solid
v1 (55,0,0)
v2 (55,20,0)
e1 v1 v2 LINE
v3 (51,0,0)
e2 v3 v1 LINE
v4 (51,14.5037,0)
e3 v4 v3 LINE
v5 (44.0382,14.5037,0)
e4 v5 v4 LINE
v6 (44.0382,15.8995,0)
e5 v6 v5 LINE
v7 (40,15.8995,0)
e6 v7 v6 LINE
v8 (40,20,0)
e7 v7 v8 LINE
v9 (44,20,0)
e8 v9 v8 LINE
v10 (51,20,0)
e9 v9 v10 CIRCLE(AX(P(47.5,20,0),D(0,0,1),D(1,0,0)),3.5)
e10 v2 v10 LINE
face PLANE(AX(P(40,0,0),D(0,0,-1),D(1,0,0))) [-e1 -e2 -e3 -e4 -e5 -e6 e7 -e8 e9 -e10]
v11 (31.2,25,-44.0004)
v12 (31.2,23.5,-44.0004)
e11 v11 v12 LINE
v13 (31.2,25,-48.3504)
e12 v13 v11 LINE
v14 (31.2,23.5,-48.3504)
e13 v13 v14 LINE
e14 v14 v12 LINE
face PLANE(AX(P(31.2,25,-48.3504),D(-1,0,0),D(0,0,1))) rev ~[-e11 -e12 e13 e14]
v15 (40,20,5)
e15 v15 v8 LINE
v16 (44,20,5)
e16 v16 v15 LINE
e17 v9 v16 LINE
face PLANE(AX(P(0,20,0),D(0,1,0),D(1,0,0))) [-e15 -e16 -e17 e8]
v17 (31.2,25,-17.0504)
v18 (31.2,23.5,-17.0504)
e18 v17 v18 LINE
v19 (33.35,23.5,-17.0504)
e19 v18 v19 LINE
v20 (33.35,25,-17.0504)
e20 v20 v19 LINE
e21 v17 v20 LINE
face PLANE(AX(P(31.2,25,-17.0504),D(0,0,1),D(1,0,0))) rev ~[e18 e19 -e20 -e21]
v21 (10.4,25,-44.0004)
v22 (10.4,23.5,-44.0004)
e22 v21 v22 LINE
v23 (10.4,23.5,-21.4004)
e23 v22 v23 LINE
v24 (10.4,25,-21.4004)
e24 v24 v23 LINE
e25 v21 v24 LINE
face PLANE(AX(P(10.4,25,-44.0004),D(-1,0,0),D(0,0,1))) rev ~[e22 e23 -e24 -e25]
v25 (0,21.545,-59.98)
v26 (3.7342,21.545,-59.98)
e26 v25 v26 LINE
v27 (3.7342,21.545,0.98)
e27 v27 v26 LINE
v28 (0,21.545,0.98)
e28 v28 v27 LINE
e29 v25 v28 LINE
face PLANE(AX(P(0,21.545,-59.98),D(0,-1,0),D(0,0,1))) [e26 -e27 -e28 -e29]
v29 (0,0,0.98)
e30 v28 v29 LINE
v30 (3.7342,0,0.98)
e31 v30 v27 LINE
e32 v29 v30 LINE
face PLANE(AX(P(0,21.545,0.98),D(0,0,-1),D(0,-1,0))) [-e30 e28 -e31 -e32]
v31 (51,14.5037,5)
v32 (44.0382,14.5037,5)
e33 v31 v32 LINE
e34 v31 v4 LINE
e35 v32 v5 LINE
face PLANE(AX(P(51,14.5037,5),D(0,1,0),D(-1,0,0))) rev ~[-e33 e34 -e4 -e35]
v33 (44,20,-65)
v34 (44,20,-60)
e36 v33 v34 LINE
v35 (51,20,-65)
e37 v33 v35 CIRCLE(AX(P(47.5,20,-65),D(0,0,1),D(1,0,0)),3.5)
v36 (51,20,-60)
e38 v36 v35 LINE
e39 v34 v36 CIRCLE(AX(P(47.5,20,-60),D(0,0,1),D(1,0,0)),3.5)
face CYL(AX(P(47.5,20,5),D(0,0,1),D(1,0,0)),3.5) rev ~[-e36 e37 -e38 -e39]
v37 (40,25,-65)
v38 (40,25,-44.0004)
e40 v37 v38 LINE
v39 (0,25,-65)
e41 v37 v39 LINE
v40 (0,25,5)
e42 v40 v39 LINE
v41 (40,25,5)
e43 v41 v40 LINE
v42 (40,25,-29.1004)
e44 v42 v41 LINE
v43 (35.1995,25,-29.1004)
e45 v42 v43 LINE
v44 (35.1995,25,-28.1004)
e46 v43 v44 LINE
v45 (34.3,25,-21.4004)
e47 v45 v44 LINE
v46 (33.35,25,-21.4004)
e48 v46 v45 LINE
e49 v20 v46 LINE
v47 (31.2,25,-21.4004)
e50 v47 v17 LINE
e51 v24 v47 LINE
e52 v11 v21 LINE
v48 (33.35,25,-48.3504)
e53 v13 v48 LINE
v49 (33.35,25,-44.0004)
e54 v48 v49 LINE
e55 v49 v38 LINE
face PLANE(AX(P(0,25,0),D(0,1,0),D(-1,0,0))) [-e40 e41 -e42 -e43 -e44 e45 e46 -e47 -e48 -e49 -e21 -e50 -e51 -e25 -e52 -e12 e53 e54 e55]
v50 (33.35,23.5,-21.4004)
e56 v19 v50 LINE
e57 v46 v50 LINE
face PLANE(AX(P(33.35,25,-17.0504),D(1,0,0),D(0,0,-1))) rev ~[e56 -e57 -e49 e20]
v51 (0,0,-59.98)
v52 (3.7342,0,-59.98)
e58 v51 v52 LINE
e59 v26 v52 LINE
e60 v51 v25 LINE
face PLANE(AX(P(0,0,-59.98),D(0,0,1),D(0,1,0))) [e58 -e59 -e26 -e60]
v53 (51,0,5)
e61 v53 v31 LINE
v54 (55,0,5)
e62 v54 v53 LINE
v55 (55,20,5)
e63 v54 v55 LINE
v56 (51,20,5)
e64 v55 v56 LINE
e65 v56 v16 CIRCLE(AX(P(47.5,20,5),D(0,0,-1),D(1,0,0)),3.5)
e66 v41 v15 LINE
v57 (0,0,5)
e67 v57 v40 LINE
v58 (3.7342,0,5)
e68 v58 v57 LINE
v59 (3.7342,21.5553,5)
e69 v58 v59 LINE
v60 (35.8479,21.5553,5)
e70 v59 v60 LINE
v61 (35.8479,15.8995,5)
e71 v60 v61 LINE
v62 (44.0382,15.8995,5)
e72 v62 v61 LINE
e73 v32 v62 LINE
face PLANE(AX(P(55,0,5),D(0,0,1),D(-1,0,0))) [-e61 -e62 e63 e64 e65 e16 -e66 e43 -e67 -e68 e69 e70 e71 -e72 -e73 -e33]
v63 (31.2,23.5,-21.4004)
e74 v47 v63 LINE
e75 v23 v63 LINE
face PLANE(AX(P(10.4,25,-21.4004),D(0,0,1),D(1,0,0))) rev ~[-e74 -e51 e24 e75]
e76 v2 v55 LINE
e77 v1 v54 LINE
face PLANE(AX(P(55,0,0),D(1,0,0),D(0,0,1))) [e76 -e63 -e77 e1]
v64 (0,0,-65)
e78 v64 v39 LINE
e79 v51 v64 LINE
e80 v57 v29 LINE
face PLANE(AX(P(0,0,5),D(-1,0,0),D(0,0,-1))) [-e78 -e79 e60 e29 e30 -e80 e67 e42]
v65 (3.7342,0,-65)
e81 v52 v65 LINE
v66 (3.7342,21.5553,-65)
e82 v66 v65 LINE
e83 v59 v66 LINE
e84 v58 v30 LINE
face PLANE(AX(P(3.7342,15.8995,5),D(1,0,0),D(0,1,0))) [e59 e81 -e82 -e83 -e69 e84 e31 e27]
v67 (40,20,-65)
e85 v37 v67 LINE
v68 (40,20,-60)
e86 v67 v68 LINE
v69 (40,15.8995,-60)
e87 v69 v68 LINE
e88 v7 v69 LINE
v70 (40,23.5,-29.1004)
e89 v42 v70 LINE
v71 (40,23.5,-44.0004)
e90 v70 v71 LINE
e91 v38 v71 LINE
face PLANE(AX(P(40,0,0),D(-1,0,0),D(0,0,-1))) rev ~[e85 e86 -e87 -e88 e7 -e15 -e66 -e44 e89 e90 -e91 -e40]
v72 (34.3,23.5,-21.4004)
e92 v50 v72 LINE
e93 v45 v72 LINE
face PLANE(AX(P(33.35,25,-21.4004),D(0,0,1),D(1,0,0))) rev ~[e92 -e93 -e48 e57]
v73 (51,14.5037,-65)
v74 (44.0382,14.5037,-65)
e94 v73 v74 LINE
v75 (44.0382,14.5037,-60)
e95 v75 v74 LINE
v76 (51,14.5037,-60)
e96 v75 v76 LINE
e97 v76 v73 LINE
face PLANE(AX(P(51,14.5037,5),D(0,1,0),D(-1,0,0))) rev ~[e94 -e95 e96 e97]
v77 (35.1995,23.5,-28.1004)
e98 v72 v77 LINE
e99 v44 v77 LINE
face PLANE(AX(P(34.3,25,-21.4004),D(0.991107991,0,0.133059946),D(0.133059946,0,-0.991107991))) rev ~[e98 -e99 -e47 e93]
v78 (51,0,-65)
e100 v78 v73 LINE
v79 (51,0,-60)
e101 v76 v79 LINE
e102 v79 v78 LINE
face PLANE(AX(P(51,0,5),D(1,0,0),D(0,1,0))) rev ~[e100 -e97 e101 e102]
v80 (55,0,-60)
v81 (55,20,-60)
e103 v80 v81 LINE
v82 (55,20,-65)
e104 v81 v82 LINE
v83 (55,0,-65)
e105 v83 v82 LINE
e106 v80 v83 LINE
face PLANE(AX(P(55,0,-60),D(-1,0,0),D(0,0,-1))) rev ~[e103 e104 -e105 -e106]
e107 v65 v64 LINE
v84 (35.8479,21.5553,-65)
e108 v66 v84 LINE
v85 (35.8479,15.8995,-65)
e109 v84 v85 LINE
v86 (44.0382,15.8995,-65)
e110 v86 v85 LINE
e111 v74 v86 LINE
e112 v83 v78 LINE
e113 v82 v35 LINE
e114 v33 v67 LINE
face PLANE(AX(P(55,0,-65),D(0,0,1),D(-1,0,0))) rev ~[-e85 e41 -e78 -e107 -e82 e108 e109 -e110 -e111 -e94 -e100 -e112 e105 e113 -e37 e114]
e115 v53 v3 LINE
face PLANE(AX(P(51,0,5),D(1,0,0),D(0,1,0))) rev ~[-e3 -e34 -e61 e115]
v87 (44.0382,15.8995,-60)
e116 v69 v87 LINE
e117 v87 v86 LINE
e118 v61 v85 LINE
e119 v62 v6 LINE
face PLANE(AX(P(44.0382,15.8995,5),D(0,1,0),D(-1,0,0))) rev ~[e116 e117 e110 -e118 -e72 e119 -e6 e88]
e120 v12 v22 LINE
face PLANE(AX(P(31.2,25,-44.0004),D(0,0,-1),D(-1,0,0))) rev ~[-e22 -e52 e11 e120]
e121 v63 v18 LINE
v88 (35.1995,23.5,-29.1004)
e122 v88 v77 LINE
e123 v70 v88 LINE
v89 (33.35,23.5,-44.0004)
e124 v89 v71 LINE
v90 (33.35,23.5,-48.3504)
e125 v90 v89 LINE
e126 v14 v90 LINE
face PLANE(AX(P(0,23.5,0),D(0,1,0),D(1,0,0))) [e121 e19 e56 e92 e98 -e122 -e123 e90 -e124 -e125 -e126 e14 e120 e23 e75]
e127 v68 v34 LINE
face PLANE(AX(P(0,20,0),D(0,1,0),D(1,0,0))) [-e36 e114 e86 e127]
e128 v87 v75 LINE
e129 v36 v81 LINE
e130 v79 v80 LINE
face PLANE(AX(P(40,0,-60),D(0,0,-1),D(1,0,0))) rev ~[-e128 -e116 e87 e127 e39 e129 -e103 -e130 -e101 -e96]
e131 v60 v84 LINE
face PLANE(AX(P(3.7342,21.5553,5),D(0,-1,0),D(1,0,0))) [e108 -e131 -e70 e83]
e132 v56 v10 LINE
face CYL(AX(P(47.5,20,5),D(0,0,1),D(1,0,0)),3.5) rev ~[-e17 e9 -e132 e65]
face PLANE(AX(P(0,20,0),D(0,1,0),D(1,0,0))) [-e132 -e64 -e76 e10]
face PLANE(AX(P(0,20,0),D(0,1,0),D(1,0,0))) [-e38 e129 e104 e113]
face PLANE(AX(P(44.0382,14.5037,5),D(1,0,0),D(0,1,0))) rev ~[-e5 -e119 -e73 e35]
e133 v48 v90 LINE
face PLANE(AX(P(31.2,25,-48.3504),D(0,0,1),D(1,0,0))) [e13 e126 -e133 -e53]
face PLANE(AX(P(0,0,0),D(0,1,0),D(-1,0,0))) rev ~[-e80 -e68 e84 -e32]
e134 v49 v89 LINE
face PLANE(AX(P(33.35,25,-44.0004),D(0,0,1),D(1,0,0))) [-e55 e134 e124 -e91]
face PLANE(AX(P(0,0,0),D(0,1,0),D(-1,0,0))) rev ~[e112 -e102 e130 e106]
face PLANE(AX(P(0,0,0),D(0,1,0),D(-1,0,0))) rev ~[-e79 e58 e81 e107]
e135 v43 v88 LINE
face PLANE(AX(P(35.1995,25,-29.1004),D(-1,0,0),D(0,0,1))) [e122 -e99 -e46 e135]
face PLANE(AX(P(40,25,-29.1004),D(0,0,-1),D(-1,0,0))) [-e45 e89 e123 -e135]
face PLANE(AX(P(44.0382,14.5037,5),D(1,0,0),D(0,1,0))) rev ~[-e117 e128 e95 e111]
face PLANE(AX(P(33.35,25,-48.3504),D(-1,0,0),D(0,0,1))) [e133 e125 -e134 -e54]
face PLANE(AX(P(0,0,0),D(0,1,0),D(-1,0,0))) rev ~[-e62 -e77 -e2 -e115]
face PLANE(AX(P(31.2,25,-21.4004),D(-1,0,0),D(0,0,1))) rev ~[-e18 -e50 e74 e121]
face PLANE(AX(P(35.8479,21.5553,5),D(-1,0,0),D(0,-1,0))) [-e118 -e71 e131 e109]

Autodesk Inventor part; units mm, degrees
ref_plane "YZ Plane" through (0, 0, 0) normal (1, 0, 0) x (0, 1, 0)
ref_plane "XZ Plane" through (0, 0, 0) normal (0, 1, 0) x (-1, 0, 0)
ref_plane "XY Plane" through (0, 0, 0) normal (0, 0, 1) x (1, 0, 0)
sketch "Sketch1" plane through (0, 0, 0) normal (0, 1, 0) x (-1, 0, 0)
  line L0 (-40, 0) -> (-40, -60)
  line L1 (0, -60) -> (0, 0)
  line L2 (-40, -60) -> (-55, -60)
  line L3 (-55, -60) -> (-55, -65)
  line L4 (-55, -65) -> (0, -65)
  line L5 (0, -65) -> (0, -60)
  line L6 (-40, 0) -> (-55, 0)
  line L7 (-55, 0) -> (-55, 5)
  line L8 (-55, 5) -> (0, 5)
  line L9 (0, 5) -> (0, 0)
extrude "Extrusion1" add sketch "Sketch1" along normal blind 25
sketch "Sketch2" plane through (0, 25, 0) normal (0, 1, 0) x (1, 0, 0)
  line L0 (55, 0) -> (40, 0) projected
  line L1 (40, 0) -> (55, 0)
  line L2 (55, 0) -> (55, -5)
  line L3 (55, -5) -> (40, -5)
  line L4 (40, -5) -> (40, 0)
  line L5 (40, 0) -> (40, 60) projected
  line L6 (55, 60) -> (55, 65) projected
  line L7 (40, 60) -> (55, 60)
  line L8 (55, 60) -> (55, 65)
  line L9 (55, 65) -> (40, 65)
  line L10 (40, 65) -> (40, 60)
  point P0 (0, 0)
extrude "Extrusion2" cut sketch "Sketch2" against normal blind 5
sketch "Sketch3" plane through (0, 0, 5) normal (0, 0, 1) x (1, 0, 0)
  line L0 (55, 20) -> (40, 20) projected
  circle A0 centre (47.5, 20) radius 3.5
  point P0 (0, 0)
  dimension "d10" = 7
extrude "Extrusion3" cut sketch "Sketch3" against normal through all
sketch "Sketch4" plane through (0, 25, 0) normal (0, 1, 0) x (1, 0, 0)
  line L0 (40, 0) -> (40, 60) projected
  line L1 (40, 44.0004) -> (40, 29.1004)
  line L2 (31.2, 48.3504) -> (31.2, 44.0004)
  line L3 (31.2, 44.0004) -> (10.4, 44.0004)
  line L4 (10.4, 44.0004) -> (10.4, 21.4004)
  line L5 (10.4, 21.4004) -> (31.2, 21.4004)
  line L6 (31.2, 21.4004) -> (31.2, 17.0504)
  line L7 (31.2, 17.0504) -> (33.35, 17.0504)
  line L8 (33.35, 17.0504) -> (33.35, 21.4004)
  line L9 (31.2, 48.3504) -> (33.35, 48.3504)
  line L10 (33.35, 48.3504) -> (33.35, 44.0004)
  line L11 (33.35, 44.0004) -> (40, 44.0004)
  line L12 (40, 29.1004) -> (35.1995, 29.1004)
  line L13 (35.1995, 29.1004) -> (35.1995, 28.1004)
  line L14 (33.35, 21.4004) -> (34.3, 21.4004)
  line L15 (34.3, 21.4004) -> (35.1995, 28.1004)
  point P0 (0, 0)
  dimension "d13" = 14.9
  dimension "d19" = 20.8
  dimension "d20" = 22.6
  dimension "d21" = 20.8
  dimension "d32" = 2.15
  dimension "d33" = 2.15
  dimension "d34" = 1
  dimension "d35" = 0.95
extrude "Extrusion4" cut sketch "Sketch4" against normal blind 1.5
sketch "Sketch5" plane through (0, 0, 5) normal (0, 0, 1) x (1, 0, 0)
  line L0 (55, 0) -> (0, 0) projected
  line L1 (44.0382, 15.8995) -> (35.8479, 15.8995)
  line L2 (3.7342, 15.8995) -> (3.7342, 0)
  line L3 (3.7342, 0) -> (51, 0)
  line L4 (51, 0) -> (51, 14.5037)
  line L5 (51, 14.5037) -> (44.0382, 14.5037)
  line L6 (44.0382, 14.5037) -> (44.0382, 15.8995)
  line L7 (3.7342, 15.8995) -> (3.7342, 21.5553)
  line L8 (3.7342, 21.5553) -> (35.8479, 21.5553)
  line L9 (35.8479, 21.5553) -> (35.8479, 15.8995)
extrude "Extrusion5" cut sketch "Sketch5" against normal through all
sketch "Sketch9" plane through (0, 0, -65) normal (-1, 0, 0) x (0, 0, 1)
  line L0 (70, 0) -> (65, 0) projected
  line L1 (5.02, 21.545) -> (65.98, 21.545)
  line L2 (65.98, 21.545) -> (65.98, 0)
  line L3 (65.98, 0) -> (5.02, 0)
  line L4 (5.02, 0) -> (5.02, 21.545)
  dimension "d29" = 60.96
extrude "Extrusion6" cut sketch "Sketch9" against normal blind 10
properties part number "servo_sandboxv3"
